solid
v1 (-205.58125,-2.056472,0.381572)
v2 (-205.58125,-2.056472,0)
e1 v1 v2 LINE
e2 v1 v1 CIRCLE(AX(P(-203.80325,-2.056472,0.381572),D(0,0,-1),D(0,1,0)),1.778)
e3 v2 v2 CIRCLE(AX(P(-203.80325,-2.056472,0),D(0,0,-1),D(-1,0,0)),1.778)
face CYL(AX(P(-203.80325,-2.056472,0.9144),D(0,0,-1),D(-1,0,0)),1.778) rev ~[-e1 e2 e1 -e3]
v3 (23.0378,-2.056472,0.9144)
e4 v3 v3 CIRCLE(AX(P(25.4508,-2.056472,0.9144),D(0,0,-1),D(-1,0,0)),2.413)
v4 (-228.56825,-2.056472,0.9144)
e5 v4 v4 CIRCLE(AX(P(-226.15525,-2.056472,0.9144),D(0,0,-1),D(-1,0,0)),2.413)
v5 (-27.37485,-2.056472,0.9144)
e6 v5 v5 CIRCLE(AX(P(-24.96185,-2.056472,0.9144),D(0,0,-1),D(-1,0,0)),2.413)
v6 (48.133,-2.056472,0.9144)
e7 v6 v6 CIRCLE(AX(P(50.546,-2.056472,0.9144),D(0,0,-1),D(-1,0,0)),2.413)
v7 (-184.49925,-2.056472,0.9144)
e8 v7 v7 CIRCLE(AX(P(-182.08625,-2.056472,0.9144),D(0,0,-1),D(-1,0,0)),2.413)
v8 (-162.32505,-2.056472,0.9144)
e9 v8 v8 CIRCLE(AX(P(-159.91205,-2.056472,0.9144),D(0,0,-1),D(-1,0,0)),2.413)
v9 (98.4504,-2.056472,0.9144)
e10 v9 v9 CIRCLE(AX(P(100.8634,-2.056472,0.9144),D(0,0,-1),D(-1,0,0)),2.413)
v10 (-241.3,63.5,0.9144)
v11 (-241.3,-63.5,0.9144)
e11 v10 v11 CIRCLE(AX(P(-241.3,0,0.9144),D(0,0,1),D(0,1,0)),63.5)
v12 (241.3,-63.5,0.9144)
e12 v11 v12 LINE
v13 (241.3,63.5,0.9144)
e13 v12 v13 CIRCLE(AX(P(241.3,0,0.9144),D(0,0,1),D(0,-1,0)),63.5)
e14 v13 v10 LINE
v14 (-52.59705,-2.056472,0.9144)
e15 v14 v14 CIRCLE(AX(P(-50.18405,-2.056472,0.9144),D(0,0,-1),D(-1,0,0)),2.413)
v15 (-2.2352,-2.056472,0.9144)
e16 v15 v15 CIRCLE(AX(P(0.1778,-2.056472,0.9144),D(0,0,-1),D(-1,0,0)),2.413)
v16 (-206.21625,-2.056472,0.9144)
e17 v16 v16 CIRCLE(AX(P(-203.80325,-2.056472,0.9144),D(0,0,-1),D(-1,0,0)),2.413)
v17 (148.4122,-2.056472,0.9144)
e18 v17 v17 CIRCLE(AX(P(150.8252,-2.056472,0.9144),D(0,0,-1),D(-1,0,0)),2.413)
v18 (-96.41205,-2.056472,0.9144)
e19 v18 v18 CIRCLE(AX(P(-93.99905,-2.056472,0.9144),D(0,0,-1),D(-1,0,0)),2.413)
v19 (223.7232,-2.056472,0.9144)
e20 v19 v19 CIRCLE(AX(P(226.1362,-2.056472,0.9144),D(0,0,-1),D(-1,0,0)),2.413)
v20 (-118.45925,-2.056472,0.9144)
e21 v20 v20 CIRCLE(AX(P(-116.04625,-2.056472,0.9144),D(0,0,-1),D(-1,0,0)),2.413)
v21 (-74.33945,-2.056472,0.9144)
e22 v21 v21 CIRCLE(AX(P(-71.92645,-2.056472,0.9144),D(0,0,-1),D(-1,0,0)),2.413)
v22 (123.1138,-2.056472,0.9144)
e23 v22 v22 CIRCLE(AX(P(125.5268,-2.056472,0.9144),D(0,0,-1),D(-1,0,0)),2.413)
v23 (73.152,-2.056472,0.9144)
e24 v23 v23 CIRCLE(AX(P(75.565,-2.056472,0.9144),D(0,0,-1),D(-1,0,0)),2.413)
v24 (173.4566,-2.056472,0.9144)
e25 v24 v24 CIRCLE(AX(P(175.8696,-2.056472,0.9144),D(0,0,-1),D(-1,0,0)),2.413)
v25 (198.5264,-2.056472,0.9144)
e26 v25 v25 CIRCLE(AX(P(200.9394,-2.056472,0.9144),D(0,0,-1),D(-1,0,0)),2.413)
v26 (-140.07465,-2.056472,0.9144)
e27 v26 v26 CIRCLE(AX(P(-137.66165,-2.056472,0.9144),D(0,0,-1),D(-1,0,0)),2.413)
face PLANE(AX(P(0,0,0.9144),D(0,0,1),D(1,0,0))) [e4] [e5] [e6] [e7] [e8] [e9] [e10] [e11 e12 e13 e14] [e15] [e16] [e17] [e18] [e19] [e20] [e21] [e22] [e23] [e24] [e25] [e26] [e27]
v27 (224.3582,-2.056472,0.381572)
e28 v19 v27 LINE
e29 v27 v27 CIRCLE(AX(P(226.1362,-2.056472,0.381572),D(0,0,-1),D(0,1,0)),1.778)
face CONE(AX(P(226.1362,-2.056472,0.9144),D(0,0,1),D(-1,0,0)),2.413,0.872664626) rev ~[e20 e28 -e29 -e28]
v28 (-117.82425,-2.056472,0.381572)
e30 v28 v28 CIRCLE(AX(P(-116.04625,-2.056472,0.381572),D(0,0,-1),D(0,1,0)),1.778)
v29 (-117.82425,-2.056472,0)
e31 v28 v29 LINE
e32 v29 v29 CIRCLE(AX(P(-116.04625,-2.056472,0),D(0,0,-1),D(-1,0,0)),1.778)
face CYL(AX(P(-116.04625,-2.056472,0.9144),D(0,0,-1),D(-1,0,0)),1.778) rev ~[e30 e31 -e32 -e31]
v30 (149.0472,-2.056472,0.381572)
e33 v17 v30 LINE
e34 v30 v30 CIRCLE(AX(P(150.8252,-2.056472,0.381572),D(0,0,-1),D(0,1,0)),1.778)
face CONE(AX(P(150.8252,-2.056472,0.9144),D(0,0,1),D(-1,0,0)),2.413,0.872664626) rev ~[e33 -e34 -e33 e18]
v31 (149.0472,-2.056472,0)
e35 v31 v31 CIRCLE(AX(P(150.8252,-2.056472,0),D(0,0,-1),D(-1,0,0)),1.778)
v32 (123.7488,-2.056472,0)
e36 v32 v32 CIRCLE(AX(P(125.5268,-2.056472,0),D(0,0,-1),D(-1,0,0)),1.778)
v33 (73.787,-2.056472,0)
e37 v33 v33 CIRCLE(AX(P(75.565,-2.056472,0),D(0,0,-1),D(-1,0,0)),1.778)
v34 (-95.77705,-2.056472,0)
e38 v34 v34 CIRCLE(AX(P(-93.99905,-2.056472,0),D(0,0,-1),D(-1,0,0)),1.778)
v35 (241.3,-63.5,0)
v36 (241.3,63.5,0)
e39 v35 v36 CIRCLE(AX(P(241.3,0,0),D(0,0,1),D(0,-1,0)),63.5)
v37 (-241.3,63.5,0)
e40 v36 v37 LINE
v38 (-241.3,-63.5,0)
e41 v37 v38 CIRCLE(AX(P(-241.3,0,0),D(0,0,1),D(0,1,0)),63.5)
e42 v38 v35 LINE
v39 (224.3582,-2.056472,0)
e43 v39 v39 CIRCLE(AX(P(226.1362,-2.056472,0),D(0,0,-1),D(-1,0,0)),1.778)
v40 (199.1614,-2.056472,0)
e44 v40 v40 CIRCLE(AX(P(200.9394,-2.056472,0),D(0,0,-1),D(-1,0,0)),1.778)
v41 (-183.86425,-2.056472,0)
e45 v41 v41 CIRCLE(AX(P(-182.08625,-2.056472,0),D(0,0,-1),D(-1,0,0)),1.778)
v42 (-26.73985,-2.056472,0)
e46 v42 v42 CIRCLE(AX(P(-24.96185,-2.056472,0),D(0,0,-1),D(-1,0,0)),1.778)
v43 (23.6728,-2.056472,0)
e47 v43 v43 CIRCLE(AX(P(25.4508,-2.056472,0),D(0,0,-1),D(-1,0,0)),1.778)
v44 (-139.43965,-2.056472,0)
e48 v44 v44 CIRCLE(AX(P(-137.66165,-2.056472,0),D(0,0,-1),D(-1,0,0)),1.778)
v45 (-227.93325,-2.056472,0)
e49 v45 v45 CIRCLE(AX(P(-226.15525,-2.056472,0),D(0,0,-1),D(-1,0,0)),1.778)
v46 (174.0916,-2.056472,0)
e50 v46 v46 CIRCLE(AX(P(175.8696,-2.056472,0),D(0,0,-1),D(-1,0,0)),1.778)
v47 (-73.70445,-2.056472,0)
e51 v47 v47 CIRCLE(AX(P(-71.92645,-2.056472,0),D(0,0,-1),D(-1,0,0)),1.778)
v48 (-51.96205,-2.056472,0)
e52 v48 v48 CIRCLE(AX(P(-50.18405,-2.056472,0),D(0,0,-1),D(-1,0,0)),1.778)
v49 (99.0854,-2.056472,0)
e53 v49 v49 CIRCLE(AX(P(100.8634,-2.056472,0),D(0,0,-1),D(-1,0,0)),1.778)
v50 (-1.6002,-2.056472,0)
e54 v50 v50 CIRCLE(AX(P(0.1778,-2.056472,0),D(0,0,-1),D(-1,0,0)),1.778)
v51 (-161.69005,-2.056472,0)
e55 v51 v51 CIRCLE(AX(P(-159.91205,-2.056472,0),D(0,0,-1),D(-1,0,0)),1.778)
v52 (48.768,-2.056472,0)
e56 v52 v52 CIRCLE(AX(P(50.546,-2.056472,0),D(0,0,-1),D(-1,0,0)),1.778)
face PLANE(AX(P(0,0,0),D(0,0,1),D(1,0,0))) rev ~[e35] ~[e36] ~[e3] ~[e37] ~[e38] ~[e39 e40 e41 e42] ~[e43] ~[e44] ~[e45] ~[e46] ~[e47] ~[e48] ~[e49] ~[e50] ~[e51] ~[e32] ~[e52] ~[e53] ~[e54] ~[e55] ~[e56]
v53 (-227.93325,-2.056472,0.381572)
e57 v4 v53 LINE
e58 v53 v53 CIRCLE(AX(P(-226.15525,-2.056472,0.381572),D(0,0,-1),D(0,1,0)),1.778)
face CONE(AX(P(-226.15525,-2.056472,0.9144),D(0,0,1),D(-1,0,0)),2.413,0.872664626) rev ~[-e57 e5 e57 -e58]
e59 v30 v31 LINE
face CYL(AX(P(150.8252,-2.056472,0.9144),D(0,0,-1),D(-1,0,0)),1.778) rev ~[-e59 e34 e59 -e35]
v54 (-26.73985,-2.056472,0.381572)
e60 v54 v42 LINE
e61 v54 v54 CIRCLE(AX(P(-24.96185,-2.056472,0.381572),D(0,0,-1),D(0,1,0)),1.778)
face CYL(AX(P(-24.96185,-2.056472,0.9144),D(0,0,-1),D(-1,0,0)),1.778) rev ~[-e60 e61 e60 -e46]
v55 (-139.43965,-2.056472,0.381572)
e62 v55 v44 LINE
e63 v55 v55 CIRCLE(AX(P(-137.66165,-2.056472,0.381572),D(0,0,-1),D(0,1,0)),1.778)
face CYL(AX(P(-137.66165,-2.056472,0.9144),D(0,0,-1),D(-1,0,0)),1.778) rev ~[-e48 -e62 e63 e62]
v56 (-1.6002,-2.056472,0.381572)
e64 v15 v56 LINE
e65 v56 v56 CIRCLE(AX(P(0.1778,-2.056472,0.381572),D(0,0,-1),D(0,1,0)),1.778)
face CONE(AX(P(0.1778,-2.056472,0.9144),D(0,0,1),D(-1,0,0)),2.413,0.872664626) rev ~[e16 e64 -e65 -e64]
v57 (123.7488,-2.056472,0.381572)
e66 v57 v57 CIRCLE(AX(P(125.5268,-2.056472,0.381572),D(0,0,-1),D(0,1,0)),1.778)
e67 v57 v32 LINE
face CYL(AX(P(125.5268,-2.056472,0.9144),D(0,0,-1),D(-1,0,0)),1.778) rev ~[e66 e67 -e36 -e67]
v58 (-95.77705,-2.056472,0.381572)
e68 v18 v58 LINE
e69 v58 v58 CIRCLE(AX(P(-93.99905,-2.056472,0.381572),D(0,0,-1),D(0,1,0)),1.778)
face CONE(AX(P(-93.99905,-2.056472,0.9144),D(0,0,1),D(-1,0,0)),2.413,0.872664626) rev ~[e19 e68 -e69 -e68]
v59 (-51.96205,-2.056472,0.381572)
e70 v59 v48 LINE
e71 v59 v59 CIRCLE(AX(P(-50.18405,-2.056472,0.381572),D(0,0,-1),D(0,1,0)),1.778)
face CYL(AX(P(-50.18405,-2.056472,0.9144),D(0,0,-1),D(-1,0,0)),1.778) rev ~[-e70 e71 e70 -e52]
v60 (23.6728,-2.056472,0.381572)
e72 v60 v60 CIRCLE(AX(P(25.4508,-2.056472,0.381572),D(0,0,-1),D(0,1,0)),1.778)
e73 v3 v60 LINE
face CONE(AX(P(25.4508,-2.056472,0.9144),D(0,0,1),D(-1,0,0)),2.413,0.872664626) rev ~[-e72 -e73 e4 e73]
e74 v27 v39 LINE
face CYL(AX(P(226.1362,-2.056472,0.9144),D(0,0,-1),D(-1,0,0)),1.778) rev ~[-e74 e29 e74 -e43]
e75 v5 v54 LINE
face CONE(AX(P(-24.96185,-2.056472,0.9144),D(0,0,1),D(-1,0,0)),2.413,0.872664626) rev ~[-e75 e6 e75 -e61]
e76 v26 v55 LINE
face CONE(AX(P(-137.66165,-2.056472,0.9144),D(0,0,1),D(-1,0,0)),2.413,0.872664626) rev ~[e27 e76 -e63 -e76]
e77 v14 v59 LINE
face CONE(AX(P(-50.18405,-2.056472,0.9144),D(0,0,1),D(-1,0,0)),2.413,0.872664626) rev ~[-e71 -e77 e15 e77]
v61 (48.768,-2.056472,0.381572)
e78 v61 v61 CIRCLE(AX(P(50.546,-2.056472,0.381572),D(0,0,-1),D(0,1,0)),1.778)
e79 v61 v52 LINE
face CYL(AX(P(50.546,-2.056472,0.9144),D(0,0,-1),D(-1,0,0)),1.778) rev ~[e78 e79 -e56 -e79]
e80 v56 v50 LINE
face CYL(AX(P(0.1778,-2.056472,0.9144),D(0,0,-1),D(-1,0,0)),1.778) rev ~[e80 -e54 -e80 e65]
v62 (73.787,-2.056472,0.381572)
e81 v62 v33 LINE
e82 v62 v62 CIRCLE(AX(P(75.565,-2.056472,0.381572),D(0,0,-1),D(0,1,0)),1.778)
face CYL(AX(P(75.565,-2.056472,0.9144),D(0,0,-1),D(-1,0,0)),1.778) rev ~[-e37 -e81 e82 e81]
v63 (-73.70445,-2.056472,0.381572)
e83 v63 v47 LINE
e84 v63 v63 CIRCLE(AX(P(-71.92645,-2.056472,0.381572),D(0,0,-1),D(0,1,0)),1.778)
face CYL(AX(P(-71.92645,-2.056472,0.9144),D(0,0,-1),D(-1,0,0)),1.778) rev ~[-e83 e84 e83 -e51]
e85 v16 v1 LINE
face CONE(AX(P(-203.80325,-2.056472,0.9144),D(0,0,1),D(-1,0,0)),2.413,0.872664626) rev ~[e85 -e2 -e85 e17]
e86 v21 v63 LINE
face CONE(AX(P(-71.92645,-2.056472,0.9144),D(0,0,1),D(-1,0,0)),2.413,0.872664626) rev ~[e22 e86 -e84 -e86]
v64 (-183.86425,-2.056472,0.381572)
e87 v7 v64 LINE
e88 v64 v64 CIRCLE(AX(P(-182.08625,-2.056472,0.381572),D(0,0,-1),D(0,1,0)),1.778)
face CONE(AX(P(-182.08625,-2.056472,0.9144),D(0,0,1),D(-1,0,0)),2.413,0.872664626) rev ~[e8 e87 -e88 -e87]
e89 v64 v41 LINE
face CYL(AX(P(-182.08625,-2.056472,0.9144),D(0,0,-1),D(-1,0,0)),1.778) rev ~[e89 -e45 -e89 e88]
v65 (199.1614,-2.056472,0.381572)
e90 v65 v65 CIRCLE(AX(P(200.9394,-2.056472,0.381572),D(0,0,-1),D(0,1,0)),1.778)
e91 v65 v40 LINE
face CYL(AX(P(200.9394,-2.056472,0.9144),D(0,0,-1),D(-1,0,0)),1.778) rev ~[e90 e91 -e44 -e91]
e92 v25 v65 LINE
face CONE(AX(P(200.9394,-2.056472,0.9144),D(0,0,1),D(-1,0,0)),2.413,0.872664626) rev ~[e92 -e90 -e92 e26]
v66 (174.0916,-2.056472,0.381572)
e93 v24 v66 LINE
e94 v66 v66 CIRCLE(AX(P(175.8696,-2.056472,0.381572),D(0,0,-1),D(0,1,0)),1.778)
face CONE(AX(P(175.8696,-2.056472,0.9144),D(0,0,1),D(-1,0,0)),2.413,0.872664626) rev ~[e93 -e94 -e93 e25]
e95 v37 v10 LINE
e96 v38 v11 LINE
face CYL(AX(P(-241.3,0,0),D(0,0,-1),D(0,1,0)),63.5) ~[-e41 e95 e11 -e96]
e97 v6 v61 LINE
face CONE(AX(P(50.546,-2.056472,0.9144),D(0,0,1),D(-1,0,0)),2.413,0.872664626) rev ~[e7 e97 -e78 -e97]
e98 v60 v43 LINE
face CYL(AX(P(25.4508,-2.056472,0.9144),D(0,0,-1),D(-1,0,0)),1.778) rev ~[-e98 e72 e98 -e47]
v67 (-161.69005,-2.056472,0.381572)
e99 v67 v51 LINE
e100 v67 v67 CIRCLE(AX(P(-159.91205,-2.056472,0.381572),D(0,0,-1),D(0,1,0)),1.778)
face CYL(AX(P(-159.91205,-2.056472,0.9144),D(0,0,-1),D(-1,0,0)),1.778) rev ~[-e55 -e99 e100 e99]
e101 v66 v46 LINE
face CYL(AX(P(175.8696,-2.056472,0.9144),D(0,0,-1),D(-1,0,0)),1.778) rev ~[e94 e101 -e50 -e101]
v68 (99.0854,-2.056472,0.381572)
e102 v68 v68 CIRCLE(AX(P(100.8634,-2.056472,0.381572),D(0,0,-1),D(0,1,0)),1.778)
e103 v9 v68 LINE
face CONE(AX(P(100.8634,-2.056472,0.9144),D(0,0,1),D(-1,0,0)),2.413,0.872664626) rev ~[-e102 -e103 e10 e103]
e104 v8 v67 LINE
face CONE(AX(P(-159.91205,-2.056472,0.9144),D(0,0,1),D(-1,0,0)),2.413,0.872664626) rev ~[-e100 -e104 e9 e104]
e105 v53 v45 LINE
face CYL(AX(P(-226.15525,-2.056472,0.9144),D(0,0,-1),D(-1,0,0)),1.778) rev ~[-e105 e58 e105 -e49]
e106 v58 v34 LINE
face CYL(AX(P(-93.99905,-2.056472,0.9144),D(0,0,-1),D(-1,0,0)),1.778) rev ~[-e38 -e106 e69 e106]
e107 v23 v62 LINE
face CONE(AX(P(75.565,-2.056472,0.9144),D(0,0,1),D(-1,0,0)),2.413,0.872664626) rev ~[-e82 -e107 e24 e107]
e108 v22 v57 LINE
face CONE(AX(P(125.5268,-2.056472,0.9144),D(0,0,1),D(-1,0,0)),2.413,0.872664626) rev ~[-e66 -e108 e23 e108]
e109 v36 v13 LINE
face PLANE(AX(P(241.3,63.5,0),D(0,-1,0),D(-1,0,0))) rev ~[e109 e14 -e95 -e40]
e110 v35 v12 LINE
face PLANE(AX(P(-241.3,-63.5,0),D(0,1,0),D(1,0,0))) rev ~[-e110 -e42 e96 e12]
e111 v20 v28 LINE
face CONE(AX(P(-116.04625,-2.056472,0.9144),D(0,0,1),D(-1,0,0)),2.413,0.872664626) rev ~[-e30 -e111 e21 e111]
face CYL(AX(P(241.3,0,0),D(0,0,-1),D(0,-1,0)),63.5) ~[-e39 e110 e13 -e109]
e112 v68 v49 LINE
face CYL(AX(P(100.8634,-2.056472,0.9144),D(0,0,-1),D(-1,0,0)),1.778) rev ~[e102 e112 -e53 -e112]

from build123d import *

# Parameters (mm, degrees)
F1_DEPTH       = 0.9144
F3_D           = 3.556
F3_CSINK_D     = 4.826
F3_CSINK_ANGLE = 100


with BuildPart() as f1:
    # F0 (on Top) → F1 (new body)
    with BuildSketch(Plane.XY):
        with BuildLine():
            ThreePointArc((-241.3, 63.5), (-304.8, 0), (-241.3, -63.5))
            Line((-241.3, -63.5), (241.3, -63.5))
            ThreePointArc((241.3, -63.5), (304.8, 0), (241.3, 63.5))
            Line((241.3, 63.5), (-241.3, 63.5))
        make_face()
    extrude(amount=F1_DEPTH)

    # F3 (through all)
    with Locations(Plane.XY.offset(0.9144)):
        with Locations((-226.15525, -2.056472), (-203.80325, -2.056472), (-182.08625, -2.056472), (-159.91205, -2.056472), (-137.66165, -2.056472), (-116.04625, -2.056472), (-93.99905, -2.056472), (-71.92645, -2.056472), (-50.18405, -2.056472), (-24.96185, -2.056472), (0.1778, -2.056472), (25.4508, -2.056472), (50.546, -2.056472), (75.565, -2.056472), (100.8634, -2.056472), (125.5268, -2.056472), (150.8252, -2.056472), (175.8696, -2.056472), (200.9394, -2.056472), (226.1362, -2.056472)):
            CounterSinkHole(F3_D / 2, F3_CSINK_D / 2, counter_sink_angle=F3_CSINK_ANGLE)


solid = f1.part
